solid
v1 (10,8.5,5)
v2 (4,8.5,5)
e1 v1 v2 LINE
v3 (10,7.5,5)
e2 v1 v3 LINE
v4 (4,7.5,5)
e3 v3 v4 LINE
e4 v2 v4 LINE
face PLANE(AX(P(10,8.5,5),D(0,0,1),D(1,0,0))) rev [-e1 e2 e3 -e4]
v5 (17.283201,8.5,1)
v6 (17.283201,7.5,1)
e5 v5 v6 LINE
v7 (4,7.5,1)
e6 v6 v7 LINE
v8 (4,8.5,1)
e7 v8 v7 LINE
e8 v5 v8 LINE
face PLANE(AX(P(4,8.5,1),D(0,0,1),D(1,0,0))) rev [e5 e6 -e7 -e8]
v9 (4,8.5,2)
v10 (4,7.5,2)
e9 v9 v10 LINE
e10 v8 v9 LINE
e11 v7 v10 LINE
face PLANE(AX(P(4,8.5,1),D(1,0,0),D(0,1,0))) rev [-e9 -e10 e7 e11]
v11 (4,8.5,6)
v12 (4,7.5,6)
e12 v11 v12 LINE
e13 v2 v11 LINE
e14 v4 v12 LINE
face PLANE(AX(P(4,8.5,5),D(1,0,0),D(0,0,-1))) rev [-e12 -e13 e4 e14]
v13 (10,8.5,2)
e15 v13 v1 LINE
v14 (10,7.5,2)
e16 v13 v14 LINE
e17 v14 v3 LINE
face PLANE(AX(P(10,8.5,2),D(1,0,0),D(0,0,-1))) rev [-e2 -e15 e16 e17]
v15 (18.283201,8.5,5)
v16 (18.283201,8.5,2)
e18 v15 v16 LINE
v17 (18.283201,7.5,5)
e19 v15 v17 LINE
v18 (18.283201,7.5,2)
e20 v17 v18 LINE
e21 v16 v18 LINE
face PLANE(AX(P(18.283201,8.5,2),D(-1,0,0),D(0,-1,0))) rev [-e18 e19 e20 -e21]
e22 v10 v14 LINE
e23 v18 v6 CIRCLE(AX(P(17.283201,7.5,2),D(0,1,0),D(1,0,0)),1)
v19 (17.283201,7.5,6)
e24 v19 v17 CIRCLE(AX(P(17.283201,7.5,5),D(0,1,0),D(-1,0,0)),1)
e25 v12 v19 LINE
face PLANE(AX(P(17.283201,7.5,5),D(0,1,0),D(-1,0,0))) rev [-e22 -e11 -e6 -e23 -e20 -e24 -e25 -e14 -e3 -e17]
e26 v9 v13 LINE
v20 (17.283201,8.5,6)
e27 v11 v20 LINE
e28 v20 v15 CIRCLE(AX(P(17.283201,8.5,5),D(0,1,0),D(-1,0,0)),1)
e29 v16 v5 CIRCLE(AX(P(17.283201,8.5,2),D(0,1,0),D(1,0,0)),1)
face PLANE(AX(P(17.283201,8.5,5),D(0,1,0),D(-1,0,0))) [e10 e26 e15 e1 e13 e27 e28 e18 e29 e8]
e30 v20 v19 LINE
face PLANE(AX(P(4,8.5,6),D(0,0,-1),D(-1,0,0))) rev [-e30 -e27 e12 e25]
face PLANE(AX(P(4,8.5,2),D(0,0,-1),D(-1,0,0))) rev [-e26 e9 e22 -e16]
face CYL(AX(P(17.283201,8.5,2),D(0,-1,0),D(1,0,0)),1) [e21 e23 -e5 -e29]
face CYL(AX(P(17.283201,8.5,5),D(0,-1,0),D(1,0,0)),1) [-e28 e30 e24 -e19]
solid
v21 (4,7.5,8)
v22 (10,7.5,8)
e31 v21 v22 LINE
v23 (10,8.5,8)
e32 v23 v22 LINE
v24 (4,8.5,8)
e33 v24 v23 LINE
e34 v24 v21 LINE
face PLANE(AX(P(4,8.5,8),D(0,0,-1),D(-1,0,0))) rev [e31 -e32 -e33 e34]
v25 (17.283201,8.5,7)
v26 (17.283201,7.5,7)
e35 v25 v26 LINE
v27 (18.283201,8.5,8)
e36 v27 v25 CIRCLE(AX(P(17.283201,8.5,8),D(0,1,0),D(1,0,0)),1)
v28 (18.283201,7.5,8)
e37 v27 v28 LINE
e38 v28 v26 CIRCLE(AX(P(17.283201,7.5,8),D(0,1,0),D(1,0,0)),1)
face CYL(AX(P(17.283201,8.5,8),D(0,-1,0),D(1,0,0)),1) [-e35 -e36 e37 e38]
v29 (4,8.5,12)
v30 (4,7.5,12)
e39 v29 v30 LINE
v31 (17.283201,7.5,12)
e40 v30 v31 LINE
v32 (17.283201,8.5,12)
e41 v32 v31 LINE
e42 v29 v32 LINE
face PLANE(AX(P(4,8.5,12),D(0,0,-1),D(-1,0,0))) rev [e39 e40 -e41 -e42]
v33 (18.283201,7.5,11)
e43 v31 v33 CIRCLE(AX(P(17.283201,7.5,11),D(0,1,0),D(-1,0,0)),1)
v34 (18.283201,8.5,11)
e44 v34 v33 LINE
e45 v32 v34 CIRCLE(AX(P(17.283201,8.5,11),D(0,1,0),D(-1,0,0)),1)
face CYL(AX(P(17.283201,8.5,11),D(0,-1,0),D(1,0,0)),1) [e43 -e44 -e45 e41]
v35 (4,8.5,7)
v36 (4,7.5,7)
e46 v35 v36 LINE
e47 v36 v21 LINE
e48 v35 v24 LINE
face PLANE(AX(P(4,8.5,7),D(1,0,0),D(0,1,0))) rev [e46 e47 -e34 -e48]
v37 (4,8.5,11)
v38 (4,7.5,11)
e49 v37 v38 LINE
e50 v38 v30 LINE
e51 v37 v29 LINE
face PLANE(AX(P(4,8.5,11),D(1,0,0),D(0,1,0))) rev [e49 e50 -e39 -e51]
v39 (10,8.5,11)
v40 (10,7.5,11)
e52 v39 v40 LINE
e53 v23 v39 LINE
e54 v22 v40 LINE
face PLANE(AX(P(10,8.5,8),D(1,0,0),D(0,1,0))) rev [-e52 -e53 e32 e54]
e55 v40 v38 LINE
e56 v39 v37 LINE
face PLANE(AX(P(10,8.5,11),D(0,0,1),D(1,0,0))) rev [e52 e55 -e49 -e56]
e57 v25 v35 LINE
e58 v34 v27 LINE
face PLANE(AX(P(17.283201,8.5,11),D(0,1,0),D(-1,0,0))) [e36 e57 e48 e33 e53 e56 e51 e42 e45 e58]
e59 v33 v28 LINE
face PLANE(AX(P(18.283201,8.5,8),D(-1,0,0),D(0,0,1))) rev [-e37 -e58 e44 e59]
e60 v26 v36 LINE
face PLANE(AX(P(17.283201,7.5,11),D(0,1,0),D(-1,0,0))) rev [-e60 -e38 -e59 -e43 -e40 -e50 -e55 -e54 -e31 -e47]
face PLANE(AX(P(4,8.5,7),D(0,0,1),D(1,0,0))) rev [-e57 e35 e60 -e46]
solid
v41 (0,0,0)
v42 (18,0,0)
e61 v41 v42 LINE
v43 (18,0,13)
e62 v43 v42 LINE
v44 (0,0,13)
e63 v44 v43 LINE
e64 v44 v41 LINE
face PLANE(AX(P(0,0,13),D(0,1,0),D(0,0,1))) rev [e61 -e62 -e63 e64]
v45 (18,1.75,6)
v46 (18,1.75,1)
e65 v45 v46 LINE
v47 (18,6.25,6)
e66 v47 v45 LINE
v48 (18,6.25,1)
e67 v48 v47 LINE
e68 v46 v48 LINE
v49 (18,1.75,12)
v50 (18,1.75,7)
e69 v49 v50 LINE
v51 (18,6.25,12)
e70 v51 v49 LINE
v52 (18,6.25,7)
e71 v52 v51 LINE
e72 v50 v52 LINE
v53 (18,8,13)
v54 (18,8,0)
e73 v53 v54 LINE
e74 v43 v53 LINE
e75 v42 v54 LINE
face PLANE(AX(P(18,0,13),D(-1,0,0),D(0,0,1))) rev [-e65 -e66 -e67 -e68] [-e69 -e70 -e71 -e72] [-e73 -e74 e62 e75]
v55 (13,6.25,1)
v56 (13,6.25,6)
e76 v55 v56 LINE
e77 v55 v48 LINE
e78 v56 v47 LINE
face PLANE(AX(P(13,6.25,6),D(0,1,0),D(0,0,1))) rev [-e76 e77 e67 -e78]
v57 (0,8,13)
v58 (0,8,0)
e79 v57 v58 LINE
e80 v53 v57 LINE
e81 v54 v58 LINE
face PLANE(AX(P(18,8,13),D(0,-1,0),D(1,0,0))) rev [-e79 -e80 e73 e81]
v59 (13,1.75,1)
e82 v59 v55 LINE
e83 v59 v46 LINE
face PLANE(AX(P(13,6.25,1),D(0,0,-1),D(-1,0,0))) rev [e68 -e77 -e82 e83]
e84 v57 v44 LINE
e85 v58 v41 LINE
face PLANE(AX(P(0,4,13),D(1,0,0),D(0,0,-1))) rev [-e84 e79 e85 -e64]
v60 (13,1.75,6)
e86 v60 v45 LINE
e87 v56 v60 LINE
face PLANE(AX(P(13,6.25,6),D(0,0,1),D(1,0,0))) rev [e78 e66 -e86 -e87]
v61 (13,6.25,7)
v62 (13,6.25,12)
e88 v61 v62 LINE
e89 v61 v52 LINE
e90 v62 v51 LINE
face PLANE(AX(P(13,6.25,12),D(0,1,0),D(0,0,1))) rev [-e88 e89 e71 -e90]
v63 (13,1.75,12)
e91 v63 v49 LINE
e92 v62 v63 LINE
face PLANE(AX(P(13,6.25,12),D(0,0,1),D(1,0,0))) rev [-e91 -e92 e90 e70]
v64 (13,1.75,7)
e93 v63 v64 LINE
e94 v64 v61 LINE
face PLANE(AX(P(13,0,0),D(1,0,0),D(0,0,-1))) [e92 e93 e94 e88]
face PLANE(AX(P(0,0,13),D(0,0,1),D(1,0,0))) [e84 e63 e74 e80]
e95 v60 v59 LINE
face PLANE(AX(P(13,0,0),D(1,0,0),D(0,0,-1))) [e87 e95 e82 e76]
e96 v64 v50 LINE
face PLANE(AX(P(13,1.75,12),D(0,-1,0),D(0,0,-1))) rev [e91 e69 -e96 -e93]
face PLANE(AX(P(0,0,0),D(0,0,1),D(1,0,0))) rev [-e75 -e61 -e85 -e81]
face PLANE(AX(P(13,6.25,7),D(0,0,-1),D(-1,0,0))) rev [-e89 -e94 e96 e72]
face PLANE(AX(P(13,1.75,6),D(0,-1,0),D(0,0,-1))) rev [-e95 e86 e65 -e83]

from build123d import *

# Parameters (mm, degrees)
BOSS_EXTRU_1_DEPTH      = 13
ESQUISSE4_W             = 5
ESQUISSE4_H             = 4.5
ENL_V_MAT_EXTRU_2_DEPTH = 5
BOSS_EXTRU_2_DEPTH      = 0.5
BOSS_EXTRU_2_2_DEPTH    = 0.5


with BuildPart() as part:
    # Esquisse1 → Boss.-Extru.1 (new body)
    with BuildSketch(Plane.XY):
        Polygon((0, 0), (18, 0), (18, 8), (0, 8), (0, 4), align=None)
    extrude(amount=BOSS_EXTRU_1_DEPTH)

    # Esquisse4 → Enlèv. mat.-Extru.2 (cut)
    with BuildSketch(Plane(origin=(18, 0, 0), x_dir=(0, 0, -1), z_dir=(1, 0, 0))):
        with Locations((-3.5, 4)):
            Rectangle(ESQUISSE4_W, ESQUISSE4_H)
        with Locations((-9.5, 4)):
            Rectangle(ESQUISSE4_W, ESQUISSE4_H)
    extrude(amount=-ENL_V_MAT_EXTRU_2_DEPTH, mode=Mode.SUBTRACT)


with BuildPart() as body_2:
    # Esquisse5 → Boss.-Extru.2 (new body, symmetric)
    with BuildSketch(Plane(origin=(0, 8, 0), x_dir=(1, 0, 0), z_dir=(0, 1, 0))):
        with BuildLine():
            Line((4, -1), (17.283200591, -1))
            ThreePointArc((17.283200591, -1), (17.990307373, -1.292893219), (18.283200591, -2))
            Line((18.283200591, -2), (18.283200591, -5))
            ThreePointArc((18.283200591, -5), (17.990307373, -5.707106781), (17.283200591, -6))
            Line((17.283200591, -6), (4, -6))
            Line((4, -6), (4, -5))
            Line((4, -5), (10, -5))
            Line((10, -5), (10, -2))
            Line((10, -2), (4, -2))
            Line((4, -2), (4, -1))
        make_face()
    extrude(amount=BOSS_EXTRU_2_DEPTH, both=True)


with BuildPart() as body_3:
    # Esquisse5 → Boss.-Extru.2 2 (new body, symmetric)
    with BuildSketch(Plane(origin=(0, 8, 0), x_dir=(1, 0, 0), z_dir=(0, 1, 0))):
        with BuildLine():
            Line((4, -7), (17.283200591, -7))
            ThreePointArc((17.283200591, -7), (17.990307373, -7.292893219), (18.283200591, -8))
            Line((18.283200591, -8), (18.283200591, -11))
            ThreePointArc((18.283200591, -11), (17.990307373, -11.707106781), (17.283200591, -12))
            Line((17.283200591, -12), (4, -12))
            Line((4, -12), (4, -11))
            Line((4, -11), (10, -11))
            Line((10, -11), (10, -8))
            Line((10, -8), (4, -8))
            Line((4, -8), (4, -7))
        make_face()
    extrude(amount=BOSS_EXTRU_2_2_DEPTH, both=True)


solid = Compound([part.part, body_2.part, body_3.part])
